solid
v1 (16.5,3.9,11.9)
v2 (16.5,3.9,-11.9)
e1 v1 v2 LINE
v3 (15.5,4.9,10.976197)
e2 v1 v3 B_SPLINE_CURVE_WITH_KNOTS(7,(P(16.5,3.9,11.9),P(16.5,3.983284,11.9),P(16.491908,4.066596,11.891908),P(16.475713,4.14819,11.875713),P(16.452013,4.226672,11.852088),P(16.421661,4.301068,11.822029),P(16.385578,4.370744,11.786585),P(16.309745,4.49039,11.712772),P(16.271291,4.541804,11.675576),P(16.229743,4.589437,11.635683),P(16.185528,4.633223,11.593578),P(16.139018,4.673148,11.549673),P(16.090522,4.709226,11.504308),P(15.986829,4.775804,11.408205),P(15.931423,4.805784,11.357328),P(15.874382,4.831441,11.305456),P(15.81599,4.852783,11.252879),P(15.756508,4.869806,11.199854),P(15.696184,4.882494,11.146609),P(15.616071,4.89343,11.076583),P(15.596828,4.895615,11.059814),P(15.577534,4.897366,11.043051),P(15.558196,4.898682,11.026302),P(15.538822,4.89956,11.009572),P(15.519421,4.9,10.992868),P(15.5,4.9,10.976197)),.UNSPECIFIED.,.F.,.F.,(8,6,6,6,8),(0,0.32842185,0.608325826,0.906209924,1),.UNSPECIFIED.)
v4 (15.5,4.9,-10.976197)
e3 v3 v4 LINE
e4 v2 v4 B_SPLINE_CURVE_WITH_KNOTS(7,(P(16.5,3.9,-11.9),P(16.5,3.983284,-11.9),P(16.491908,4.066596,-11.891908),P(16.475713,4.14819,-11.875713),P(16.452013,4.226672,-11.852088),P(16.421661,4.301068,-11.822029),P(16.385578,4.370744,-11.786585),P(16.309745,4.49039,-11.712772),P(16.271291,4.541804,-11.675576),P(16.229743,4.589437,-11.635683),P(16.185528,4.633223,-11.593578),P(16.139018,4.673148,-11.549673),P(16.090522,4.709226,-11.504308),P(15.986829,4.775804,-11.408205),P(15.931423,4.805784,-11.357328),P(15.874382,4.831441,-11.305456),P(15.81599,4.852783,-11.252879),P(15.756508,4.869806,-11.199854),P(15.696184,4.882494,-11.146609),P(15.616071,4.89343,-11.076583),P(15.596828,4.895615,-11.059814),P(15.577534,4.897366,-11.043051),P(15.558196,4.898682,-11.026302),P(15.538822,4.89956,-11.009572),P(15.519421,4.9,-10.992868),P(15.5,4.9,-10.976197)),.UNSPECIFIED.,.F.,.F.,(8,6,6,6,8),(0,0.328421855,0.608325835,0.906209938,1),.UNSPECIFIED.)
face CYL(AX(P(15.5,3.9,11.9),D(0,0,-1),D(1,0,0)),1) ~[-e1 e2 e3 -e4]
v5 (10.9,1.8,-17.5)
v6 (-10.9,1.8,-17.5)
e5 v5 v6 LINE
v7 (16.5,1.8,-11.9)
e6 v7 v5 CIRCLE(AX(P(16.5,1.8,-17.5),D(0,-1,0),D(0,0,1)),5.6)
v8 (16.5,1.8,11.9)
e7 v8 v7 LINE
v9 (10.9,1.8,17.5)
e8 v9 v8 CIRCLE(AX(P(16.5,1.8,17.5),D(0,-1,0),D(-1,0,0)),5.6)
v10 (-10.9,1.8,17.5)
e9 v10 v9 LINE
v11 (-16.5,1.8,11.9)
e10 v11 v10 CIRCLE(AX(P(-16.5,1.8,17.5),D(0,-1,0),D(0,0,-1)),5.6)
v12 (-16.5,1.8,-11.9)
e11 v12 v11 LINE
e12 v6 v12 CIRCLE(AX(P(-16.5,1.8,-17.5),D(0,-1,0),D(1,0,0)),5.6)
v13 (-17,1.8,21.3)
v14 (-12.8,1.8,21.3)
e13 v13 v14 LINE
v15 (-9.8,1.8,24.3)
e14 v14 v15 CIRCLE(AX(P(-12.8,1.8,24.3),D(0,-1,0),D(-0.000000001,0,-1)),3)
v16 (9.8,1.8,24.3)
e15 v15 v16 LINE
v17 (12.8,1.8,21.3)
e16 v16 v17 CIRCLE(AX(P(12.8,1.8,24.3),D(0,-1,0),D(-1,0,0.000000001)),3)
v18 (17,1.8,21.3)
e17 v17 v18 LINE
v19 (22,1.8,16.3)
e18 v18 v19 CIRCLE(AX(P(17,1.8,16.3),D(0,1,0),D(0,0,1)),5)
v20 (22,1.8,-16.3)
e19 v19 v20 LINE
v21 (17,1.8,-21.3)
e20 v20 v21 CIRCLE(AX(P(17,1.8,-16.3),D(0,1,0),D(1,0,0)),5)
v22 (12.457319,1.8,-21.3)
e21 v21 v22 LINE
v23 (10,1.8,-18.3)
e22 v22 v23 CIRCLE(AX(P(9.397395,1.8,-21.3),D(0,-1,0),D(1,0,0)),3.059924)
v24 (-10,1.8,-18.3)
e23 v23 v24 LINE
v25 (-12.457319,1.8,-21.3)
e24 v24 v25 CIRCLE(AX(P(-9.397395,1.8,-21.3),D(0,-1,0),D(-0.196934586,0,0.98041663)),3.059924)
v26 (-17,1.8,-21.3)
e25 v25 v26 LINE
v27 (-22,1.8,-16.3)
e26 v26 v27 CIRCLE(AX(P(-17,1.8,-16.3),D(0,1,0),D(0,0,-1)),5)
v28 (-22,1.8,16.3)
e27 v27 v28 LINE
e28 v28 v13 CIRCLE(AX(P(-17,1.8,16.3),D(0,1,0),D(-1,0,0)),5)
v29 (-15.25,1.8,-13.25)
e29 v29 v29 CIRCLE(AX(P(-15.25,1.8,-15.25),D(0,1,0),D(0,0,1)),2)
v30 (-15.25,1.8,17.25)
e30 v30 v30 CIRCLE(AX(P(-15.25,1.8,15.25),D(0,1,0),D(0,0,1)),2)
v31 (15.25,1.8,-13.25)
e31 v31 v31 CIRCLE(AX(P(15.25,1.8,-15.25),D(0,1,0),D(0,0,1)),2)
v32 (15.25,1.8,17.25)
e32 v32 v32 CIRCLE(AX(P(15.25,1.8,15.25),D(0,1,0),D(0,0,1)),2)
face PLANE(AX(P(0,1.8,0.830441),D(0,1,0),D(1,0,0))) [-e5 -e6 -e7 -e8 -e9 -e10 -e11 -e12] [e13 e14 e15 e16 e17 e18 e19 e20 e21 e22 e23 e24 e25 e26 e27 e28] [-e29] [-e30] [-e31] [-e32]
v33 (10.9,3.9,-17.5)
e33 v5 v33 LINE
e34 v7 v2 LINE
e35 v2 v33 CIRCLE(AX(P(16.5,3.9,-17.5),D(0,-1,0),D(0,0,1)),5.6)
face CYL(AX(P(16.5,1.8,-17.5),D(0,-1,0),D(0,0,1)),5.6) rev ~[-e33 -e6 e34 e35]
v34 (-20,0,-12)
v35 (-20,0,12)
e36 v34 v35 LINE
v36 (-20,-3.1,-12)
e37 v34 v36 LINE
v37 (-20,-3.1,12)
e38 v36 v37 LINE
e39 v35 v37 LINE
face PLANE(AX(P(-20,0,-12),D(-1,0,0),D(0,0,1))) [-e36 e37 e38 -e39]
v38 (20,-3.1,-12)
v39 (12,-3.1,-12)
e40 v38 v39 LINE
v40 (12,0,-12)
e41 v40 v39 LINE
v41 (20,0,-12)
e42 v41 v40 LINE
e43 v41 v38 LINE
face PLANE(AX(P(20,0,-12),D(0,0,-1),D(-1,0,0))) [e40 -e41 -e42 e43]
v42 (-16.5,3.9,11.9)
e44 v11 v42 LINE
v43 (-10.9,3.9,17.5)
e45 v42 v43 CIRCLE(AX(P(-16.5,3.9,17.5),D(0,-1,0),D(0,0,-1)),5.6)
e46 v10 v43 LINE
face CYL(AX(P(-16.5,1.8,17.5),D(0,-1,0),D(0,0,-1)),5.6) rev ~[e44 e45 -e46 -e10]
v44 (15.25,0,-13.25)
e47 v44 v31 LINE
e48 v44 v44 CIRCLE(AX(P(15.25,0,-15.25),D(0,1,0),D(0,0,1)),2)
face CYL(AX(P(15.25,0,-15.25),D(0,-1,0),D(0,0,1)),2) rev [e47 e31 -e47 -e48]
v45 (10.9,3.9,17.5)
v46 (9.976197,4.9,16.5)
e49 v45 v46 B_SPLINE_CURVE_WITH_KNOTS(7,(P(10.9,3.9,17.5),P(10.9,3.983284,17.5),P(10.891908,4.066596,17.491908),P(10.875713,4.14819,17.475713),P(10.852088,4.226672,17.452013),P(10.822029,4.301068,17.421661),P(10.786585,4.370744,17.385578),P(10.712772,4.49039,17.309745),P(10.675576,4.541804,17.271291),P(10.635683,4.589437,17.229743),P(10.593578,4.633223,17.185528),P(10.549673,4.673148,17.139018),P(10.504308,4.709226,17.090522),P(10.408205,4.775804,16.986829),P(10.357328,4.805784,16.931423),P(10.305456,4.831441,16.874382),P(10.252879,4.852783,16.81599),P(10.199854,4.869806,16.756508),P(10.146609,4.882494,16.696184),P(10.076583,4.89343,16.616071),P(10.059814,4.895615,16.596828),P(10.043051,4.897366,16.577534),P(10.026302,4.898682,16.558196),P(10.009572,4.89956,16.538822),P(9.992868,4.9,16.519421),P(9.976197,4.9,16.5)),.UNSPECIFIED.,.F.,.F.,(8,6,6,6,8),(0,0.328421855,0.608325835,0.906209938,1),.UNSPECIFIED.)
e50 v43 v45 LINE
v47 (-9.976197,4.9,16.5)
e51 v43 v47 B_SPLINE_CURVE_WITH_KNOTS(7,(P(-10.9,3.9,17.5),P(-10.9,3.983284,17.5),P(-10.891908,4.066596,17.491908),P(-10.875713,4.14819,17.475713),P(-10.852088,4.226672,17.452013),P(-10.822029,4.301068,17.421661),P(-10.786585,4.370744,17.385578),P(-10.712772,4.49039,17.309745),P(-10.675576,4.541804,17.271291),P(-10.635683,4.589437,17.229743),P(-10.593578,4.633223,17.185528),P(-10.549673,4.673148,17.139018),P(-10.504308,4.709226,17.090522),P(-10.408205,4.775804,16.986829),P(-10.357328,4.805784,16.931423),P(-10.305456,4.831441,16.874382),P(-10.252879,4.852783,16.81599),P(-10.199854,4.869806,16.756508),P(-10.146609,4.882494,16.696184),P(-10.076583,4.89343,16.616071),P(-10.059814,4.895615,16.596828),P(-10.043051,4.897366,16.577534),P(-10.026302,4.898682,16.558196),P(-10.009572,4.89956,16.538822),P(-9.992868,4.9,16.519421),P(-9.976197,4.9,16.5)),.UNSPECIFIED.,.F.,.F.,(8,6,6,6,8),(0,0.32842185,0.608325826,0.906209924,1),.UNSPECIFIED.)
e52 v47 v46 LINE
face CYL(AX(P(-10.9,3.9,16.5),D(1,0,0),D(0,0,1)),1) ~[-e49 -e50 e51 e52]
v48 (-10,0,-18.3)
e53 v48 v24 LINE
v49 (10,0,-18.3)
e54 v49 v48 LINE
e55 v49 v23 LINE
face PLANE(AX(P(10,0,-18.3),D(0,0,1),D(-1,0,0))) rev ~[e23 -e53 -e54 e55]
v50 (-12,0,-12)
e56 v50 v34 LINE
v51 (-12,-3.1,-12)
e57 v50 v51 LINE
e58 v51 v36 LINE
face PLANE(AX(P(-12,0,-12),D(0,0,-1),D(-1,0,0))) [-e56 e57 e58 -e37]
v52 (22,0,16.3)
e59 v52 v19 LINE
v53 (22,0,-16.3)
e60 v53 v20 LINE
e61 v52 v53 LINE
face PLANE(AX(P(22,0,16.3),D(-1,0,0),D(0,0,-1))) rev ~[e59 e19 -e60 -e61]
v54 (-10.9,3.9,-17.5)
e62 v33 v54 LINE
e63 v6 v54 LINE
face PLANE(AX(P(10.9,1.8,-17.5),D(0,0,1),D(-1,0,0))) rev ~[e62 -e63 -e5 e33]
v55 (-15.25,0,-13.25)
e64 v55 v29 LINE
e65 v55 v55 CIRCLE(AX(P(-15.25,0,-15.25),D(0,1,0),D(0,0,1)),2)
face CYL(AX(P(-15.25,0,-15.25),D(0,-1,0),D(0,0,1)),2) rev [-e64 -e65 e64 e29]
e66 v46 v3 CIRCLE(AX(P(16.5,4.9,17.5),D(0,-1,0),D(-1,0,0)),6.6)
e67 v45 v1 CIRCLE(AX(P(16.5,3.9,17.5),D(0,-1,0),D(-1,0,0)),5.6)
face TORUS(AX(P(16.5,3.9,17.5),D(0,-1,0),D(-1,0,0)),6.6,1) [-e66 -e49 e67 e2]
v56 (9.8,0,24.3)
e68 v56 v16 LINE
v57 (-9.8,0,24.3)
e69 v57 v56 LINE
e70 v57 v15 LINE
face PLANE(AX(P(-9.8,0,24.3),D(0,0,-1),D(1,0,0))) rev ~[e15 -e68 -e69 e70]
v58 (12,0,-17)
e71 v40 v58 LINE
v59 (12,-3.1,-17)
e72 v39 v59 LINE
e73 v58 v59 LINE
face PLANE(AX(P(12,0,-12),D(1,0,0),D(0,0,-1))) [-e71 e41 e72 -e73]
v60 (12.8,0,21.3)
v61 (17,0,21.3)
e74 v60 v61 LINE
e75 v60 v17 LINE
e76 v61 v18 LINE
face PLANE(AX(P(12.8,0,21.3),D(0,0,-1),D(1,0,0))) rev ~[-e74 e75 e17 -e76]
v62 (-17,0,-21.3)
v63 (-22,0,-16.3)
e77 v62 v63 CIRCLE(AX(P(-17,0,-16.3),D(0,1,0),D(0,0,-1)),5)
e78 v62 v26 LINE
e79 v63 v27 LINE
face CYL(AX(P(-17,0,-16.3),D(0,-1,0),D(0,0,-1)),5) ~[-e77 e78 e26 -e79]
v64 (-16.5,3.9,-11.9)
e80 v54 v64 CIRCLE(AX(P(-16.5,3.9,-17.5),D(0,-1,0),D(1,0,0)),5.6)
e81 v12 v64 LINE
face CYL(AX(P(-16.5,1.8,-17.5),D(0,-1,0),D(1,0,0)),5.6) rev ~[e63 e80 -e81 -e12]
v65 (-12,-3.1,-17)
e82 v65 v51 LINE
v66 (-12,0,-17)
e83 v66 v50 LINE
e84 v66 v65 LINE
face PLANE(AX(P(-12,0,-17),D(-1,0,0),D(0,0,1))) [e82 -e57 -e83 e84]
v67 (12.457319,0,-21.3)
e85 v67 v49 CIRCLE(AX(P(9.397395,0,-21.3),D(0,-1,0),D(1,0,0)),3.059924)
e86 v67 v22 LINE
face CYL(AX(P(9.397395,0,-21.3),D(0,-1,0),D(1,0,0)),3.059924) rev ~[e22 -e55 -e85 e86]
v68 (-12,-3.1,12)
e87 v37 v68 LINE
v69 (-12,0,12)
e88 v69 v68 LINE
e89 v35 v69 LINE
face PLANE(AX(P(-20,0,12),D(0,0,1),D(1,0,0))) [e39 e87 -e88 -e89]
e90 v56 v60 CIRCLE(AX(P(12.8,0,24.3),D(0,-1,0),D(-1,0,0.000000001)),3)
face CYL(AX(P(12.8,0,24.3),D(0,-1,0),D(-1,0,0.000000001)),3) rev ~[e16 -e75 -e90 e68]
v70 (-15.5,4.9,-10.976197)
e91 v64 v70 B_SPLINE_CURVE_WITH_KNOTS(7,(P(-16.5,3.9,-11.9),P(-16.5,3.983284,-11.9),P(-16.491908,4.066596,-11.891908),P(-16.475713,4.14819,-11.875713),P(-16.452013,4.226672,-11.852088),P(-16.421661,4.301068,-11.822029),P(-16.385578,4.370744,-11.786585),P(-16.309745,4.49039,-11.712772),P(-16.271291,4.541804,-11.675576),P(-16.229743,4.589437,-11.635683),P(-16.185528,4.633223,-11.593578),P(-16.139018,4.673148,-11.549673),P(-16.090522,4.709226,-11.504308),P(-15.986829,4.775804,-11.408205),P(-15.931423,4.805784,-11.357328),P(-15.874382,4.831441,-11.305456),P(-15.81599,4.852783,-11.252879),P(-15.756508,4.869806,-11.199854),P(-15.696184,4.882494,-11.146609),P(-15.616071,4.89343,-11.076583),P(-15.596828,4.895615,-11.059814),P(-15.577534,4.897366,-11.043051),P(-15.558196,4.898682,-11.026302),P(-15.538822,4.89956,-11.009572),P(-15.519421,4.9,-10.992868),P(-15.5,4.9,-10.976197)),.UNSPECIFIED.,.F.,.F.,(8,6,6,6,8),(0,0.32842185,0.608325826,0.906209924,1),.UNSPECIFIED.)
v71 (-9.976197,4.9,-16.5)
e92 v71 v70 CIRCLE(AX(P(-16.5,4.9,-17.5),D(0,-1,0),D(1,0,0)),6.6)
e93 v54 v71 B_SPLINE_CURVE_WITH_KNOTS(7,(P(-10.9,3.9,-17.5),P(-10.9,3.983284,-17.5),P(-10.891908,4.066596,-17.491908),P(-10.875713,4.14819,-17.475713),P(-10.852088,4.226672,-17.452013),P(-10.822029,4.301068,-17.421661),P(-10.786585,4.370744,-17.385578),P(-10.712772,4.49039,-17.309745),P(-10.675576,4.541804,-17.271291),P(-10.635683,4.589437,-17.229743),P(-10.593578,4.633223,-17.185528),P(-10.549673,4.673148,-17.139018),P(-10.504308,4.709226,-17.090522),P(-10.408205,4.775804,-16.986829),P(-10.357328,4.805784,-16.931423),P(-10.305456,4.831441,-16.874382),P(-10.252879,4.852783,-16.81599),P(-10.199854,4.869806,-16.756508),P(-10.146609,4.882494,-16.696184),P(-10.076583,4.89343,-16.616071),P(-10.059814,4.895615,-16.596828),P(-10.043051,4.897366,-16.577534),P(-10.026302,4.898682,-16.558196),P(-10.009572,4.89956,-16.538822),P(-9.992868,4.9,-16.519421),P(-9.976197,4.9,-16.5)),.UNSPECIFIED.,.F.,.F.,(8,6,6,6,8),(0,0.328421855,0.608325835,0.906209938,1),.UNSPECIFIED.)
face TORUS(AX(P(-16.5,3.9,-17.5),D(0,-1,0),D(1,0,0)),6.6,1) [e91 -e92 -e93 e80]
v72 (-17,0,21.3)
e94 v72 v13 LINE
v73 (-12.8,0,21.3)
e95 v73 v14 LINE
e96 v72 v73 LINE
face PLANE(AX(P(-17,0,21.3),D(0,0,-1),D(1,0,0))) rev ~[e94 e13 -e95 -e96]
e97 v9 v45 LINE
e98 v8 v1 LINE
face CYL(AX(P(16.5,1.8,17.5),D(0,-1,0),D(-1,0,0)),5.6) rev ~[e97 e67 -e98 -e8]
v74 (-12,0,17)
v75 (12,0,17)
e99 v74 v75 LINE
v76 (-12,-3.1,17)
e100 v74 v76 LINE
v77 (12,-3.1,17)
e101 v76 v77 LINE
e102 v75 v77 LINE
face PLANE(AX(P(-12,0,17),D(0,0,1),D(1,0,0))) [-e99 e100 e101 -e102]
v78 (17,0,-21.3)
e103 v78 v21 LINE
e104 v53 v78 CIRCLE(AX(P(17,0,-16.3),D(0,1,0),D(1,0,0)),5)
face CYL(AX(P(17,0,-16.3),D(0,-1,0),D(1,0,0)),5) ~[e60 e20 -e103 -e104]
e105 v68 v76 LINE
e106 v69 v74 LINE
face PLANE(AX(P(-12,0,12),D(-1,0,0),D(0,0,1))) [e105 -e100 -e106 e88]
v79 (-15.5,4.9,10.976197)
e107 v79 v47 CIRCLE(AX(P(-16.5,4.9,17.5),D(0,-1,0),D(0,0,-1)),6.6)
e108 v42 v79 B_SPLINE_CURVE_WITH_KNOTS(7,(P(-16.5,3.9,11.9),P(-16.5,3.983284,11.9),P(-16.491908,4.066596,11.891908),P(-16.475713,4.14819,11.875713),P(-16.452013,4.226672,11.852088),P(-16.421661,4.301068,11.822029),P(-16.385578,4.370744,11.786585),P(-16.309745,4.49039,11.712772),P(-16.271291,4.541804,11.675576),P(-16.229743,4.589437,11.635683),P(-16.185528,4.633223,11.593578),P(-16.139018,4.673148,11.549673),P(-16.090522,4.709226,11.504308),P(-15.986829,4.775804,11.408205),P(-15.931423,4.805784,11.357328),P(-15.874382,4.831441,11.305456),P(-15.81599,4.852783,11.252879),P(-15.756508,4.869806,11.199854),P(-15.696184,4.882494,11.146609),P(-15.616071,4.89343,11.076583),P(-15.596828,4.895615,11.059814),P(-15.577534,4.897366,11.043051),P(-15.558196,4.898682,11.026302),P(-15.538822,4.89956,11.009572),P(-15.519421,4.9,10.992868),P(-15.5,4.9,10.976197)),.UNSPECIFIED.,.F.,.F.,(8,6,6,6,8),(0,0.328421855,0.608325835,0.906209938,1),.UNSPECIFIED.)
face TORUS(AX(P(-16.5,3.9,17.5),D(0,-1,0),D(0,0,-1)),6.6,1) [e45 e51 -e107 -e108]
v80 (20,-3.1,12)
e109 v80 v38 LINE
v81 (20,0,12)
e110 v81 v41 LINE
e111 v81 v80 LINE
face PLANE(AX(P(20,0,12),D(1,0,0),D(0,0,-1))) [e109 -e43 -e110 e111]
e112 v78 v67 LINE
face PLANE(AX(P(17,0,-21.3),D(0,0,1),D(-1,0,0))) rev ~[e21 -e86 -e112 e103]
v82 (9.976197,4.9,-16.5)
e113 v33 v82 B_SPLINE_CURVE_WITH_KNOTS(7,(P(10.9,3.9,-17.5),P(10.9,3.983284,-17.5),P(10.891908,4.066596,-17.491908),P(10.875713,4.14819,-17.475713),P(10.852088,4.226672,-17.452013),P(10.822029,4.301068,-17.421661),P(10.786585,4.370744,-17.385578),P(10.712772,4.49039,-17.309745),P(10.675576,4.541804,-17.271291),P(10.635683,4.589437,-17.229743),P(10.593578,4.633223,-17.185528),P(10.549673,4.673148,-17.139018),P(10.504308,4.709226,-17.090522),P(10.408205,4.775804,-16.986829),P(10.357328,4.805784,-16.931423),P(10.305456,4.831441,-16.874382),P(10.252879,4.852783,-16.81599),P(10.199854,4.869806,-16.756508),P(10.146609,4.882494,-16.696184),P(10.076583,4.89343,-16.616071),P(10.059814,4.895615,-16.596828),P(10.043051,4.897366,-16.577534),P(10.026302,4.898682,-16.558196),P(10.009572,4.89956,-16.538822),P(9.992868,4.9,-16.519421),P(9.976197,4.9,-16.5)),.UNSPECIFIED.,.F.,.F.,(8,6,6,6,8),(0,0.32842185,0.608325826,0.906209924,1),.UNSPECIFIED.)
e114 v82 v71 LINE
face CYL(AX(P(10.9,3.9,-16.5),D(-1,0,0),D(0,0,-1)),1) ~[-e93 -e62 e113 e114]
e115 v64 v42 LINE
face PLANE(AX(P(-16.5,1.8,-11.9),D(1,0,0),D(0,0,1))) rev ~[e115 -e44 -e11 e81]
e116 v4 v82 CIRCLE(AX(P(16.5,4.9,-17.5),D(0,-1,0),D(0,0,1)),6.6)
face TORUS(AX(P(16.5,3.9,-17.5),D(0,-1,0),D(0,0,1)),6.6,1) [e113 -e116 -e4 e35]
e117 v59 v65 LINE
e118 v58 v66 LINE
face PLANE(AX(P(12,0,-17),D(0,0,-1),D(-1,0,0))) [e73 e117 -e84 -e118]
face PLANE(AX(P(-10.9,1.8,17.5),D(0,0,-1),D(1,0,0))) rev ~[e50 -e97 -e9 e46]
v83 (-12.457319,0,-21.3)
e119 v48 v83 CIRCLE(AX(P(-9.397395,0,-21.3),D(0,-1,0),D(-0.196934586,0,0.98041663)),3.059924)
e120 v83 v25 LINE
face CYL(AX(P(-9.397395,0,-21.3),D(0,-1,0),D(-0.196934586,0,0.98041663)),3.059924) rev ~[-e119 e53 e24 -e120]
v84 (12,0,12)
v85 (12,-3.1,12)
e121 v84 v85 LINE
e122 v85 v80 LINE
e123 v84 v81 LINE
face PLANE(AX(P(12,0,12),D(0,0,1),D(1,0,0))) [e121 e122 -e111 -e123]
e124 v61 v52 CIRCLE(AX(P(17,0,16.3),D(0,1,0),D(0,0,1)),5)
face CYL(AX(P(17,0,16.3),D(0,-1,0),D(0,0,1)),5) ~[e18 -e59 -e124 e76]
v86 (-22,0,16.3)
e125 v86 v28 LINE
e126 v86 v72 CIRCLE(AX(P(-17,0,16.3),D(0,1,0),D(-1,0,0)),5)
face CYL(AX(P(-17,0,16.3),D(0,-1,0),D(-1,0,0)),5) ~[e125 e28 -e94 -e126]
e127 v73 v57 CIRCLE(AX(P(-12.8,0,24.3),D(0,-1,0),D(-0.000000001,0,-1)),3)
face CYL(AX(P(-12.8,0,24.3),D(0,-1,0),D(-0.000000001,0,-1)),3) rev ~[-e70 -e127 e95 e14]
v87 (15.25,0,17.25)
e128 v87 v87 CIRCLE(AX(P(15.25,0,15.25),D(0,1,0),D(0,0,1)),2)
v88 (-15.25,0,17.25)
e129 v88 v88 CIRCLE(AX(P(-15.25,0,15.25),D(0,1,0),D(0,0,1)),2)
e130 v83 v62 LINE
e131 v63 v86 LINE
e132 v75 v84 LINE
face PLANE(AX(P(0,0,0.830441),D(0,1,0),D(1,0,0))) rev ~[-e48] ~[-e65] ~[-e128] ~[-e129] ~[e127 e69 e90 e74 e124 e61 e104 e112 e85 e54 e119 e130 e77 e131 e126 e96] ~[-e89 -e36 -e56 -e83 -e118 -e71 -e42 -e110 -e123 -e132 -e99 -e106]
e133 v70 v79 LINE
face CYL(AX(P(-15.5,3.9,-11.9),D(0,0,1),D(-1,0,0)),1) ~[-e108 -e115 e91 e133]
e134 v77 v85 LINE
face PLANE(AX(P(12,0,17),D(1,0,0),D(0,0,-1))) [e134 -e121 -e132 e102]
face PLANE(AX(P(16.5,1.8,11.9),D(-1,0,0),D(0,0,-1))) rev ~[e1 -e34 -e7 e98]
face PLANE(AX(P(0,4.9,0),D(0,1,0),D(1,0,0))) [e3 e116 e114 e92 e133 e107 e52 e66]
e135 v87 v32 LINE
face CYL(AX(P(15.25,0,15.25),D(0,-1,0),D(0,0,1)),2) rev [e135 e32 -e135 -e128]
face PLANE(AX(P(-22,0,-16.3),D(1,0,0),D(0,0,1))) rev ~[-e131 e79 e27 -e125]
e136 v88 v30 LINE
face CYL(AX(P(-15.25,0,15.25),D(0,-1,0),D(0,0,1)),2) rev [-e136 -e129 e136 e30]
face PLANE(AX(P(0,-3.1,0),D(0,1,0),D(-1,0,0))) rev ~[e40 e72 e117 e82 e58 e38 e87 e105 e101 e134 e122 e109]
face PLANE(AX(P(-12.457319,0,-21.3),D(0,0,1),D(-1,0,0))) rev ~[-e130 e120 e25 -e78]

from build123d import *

# Parameters (mm, degrees)
SZKIC1_R                    = 2
DODANIE_WYCI_GNI_CIE1_DEPTH = 1.8
DODANIE_WYCI_GNI_CIE2_DEPTH = 3.1
ZAOKR_GLENIE1_R             = 1
DODANIE_WYCI_GNI_CIE3_DEPTH = 3.1


with BuildPart() as part:
    # Szkic1 → Dodanie-wyciągnięcie1 (new body)
    with BuildSketch(Plane(origin=(0, 0, 0), x_dir=(1, 0, 0), z_dir=(0, 1, 0))):
        with BuildLine():
            Line((-17, -21.3), (-12.8, -21.3))
            ThreePointArc((-12.8, -21.3), (-10.678679656, -22.178679656), (-9.8, -24.3))
            Line((-9.8, -24.3), (9.8, -24.3))
            ThreePointArc((9.8, -24.3), (10.678679656, -22.178679656), (12.8, -21.3))
            Line((12.8, -21.3), (17, -21.3))
            ThreePointArc((17, -21.3), (20.535533906, -19.835533906), (22, -16.3))
            Line((22, -16.3), (22, 16.3))
            ThreePointArc((22, 16.3), (20.535533906, 19.835533906), (17, 21.3))
            Line((17, 21.3), (12.457318825, 21.3))
            ThreePointArc((12.457318825, 21.3), (11.764572554, 19.361030183), (10, 18.3))
            Line((10, 18.3), (-10, 18.3))
            ThreePointArc((-10, 18.3), (-11.764572554, 19.361030183), (-12.457318825, 21.3))
            Line((-12.457318825, 21.3), (-17, 21.3))
            ThreePointArc((-17, 21.3), (-20.535533906, 19.835533906), (-22, 16.3))
            Line((-22, 16.3), (-22, -16.3))
            ThreePointArc((-22, -16.3), (-20.535533906, -19.835533906), (-17, -21.3))
        make_face()
        with Locations(Location((15.25, 15.25, 0), (0, 0, 270))):
            Circle(SZKIC1_R, mode=Mode.SUBTRACT)
        with Locations(Location((15.25, -15.25, 0), (0, 0, 270))):
            Circle(SZKIC1_R, mode=Mode.SUBTRACT)
        with Locations(Location((-15.25, -15.25, 0), (0, 0, 270))):
            Circle(SZKIC1_R, mode=Mode.SUBTRACT)
        with Locations(Location((-15.25, 15.25, 0), (0, 0, 270))):
            Circle(SZKIC1_R, mode=Mode.SUBTRACT)
    extrude(amount=DODANIE_WYCI_GNI_CIE1_DEPTH)

    # Szkic2 → Dodanie-wyciągnięcie2 (add)
    with BuildSketch(Plane(origin=(0, 1.8, 0), x_dir=(1, 0, 0), z_dir=(0, 1, 0))):
        with BuildLine():
            Line((-10.9, -17.5), (10.9, -17.5))
            ThreePointArc((10.9, -17.5), (12.540202025, -13.540202025), (16.5, -11.9))
            Line((16.5, -11.9), (16.5, 11.9))
            ThreePointArc((16.5, 11.9), (12.540202025, 13.540202025), (10.9, 17.5))
            Line((10.9, 17.5), (-10.9, 17.5))
            ThreePointArc((-10.9, 17.5), (-12.540202025, 13.540202025), (-16.5, 11.9))
            Line((-16.5, 11.9), (-16.5, -11.9))
            ThreePointArc((-16.5, -11.9), (-12.540202025, -13.540202025), (-10.9, -17.5))
        make_face()
    extrude(amount=DODANIE_WYCI_GNI_CIE2_DEPTH)

    # Zaokrąglenie1
    zaokr_glenie1_edges = [part.edges().sort_by_distance(p)[0] for p in [
        (-12.540202025, 4.9, 13.540202025),
        (0, 4.9, 17.5),
        (12.540202025, 4.9, 13.540202025),
        (16.5, 4.9, 0),
        (12.540202025, 4.9, -13.540202025),
        (0, 4.9, -17.5),
        (-12.540202025, 4.9, -13.540202025),
        (-16.5, 4.9, 0),
    ]]
    fillet(zaokr_glenie1_edges, radius=ZAOKR_GLENIE1_R)

    # Szkic3 → Dodanie-wyciągnięcie3 (add)
    with BuildSketch(Plane.XZ):
        Polygon((-12, 17), (12, 17), (12, 12), (20, 12), (20, -12), (12, -12), (12, -17), (-12, -17), (-12, -12), (-20, -12), (-20, 12), (-12, 12), align=None)
    extrude(amount=DODANIE_WYCI_GNI_CIE3_DEPTH)


solid = part.part
